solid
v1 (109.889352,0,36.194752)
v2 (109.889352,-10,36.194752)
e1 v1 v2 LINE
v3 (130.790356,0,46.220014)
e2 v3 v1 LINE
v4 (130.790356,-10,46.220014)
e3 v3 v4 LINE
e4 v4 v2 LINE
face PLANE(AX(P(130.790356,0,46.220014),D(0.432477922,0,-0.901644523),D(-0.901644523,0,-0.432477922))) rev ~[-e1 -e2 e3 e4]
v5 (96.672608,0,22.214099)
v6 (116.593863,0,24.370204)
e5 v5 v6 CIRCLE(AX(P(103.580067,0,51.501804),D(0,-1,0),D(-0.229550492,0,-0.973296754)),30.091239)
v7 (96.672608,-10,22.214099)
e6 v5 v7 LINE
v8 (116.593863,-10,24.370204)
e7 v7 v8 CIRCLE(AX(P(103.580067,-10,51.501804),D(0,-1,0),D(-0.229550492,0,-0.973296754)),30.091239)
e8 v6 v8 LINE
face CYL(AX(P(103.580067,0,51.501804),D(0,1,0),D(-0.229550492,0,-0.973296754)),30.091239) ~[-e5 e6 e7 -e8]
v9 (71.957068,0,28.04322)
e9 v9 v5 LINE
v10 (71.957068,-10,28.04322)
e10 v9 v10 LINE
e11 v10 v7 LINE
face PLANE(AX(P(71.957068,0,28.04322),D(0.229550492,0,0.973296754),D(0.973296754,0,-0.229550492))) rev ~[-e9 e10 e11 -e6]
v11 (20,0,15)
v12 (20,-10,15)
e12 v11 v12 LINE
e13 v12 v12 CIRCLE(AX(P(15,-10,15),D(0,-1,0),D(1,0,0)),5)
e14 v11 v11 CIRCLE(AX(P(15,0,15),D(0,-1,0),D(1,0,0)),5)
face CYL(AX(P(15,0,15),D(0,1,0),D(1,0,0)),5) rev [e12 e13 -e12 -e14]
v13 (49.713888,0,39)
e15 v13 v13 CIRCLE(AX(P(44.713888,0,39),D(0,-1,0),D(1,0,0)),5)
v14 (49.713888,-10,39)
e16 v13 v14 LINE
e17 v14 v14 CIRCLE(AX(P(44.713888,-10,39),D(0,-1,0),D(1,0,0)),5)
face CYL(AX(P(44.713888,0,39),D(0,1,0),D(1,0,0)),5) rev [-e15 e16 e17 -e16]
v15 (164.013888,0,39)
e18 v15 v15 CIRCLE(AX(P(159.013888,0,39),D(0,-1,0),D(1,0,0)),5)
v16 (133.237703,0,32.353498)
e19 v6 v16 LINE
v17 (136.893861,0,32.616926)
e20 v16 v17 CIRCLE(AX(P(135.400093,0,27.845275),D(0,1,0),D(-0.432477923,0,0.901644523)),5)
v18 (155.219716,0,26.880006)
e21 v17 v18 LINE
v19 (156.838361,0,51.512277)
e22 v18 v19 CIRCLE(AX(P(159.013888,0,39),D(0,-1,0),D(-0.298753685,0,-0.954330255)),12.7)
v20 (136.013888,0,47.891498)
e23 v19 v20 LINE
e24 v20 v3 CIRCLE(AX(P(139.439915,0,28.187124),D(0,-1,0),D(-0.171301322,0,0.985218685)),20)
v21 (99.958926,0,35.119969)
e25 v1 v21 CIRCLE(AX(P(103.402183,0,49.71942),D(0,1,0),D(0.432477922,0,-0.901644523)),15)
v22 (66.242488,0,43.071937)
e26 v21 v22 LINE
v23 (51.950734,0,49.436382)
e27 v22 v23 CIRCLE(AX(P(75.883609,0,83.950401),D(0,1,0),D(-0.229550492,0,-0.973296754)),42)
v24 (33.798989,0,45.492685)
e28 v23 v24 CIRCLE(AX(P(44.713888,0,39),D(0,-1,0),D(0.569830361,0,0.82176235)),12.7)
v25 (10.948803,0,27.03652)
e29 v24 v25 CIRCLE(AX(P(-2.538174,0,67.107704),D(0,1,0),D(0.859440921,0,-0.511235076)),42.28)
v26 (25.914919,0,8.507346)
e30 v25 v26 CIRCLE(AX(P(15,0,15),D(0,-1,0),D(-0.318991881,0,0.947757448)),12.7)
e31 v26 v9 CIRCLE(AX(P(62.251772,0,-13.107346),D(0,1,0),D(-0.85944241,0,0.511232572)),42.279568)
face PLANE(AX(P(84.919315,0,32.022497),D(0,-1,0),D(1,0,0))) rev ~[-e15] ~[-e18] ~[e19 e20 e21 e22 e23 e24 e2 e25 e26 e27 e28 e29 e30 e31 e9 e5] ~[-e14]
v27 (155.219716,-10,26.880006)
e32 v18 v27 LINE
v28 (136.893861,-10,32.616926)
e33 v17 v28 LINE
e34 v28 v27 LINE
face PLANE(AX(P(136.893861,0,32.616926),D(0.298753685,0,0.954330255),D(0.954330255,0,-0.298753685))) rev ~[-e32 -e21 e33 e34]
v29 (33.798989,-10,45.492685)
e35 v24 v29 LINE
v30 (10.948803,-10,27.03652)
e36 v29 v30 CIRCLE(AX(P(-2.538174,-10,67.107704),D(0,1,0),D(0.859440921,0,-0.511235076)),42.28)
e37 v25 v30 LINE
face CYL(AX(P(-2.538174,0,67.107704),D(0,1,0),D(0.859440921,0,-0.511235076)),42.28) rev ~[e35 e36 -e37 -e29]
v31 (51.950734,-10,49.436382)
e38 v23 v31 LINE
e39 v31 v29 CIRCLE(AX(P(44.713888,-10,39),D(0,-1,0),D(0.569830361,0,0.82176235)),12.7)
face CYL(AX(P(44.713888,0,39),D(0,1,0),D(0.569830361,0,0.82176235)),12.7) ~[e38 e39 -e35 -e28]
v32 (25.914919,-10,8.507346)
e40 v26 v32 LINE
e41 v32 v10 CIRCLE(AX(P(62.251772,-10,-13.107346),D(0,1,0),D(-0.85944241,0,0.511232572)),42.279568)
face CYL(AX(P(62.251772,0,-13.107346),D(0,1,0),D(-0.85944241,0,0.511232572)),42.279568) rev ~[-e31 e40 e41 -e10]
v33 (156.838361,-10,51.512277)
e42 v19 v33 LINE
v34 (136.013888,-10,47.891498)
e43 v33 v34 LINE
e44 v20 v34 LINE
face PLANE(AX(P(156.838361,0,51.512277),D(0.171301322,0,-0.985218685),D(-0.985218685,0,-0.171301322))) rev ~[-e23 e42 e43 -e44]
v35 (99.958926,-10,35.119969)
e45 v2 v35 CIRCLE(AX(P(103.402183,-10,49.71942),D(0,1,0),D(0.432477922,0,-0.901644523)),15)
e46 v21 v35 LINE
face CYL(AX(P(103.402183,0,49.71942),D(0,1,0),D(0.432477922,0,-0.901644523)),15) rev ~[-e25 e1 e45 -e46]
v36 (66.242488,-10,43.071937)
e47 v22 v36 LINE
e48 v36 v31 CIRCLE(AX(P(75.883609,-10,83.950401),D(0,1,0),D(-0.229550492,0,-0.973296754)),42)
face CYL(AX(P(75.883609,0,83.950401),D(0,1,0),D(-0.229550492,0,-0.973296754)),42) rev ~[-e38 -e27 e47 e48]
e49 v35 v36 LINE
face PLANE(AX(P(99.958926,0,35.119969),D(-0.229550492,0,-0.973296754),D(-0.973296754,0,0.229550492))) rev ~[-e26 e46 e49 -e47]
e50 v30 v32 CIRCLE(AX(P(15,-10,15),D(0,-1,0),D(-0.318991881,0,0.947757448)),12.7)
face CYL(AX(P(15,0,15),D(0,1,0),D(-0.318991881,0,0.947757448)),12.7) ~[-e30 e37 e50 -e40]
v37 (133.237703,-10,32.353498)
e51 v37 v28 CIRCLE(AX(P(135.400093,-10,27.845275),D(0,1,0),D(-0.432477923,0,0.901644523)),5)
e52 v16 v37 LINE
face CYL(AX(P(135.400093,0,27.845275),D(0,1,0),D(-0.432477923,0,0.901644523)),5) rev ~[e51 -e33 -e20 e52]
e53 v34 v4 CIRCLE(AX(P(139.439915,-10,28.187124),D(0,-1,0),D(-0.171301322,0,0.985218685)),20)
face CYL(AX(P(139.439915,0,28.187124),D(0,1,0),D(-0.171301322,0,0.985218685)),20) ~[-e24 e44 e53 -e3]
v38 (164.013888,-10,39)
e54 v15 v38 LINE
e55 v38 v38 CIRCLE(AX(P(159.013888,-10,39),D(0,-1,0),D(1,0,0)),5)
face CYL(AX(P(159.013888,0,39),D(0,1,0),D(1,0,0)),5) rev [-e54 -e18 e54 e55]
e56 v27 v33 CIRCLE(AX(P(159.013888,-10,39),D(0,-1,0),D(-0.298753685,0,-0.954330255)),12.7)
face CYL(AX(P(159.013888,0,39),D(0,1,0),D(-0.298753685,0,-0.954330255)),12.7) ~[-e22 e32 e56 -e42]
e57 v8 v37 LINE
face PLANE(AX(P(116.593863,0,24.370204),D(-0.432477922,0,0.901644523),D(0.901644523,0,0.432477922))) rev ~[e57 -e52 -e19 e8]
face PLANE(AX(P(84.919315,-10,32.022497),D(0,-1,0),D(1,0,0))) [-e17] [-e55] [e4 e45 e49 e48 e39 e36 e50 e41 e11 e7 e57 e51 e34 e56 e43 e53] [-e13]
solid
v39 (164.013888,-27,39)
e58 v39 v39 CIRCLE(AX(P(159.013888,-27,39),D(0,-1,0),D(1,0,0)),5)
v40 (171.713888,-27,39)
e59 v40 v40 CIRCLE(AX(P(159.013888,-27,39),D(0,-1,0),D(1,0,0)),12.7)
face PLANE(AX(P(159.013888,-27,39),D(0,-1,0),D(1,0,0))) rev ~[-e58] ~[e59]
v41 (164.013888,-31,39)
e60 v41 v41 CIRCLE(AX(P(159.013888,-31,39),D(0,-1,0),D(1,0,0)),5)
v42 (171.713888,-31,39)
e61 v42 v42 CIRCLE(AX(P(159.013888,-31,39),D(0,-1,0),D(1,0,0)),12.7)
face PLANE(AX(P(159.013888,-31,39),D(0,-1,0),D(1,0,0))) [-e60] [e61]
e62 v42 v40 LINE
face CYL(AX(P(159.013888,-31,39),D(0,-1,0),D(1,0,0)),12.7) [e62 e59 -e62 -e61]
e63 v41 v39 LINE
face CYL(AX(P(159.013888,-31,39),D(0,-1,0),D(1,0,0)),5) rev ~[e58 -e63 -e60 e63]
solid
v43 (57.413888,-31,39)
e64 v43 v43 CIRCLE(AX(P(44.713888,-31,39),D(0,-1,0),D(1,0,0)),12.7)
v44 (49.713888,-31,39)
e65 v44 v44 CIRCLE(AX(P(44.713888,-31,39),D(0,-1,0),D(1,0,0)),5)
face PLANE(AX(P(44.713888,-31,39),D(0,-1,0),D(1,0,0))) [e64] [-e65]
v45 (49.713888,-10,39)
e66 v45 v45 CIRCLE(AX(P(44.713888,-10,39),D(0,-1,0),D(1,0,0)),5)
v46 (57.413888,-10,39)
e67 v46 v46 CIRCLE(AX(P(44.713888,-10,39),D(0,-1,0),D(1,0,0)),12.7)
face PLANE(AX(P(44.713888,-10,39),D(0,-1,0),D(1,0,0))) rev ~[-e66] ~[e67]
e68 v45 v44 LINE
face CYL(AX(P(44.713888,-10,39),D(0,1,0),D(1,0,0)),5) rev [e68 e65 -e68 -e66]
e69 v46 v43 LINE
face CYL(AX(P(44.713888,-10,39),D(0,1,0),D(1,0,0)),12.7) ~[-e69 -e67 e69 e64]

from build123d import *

# Parameters (mm, degrees)
F0_R     = 5
F3_DEPTH = 10
F2_R     = 12.7
F2_R_2   = 5
F4_DEPTH = 21
F6_R     = 12.7
F6_R_2   = 5
F7_DEPTH = 4


with BuildPart() as f3:
    # F0 (on Front) → F3 (new body)
    with BuildSketch(Plane.XZ):
        with BuildLine():
            Line((136.8938610891, 32.6169262603), (155.2197164243, 26.8800057594))
            ThreePointArc((155.2197164243, 26.8800057594), (171.6865566669, 38.1672488884), (156.838361431, 51.5122772985))
            Line((156.838361431, 51.5122772985), (136.0138882192, 47.8914976242))
            ThreePointArc((136.0138882192, 47.8914976242), (133.3445556323, 47.2356566345), (130.7903562075, 46.2200143936))
            Line((130.7903562075, 46.2200143936), (109.889352132, 36.1947521246))
            ThreePointArc((109.889352132, 36.1947521246), (105.0162276309, 34.806510773), (99.958925919, 35.1199686623))
            Line((99.958925919, 35.1199686623), (66.2424883289, 43.0719368512))
            ThreePointArc((66.2424883289, 43.0719368512), (58.7976545466, 45.5828340028), (51.9507338074, 49.436381841))
            ThreePointArc((51.9507338074, 49.436381841), (42.0175563053, 51.4104711518), (33.7989885192, 45.4926854644))
            ThreePointArc((33.7989885192, 45.4926854644), (24.0281343313, 34.2165250918), (10.948803108, 27.0365195859))
            ThreePointArc((10.948803108, 27.0365195859), (5.1202108146, 7.0200397462), (25.914918613, 8.5073463305))
            ThreePointArc((25.914918613, 8.5073463305), (45.7374582991, 25.813590453), (71.9570676896, 28.043220163))
            Line((71.9570676896, 28.043220163), (96.6726081531, 22.214099248))
            ThreePointArc((96.6726081531, 22.214099248), (106.8179730144, 21.5852768369), (116.5938631817, 24.3702036278))
            Line((116.5938631817, 24.3702036278), (133.2377030535, 32.3534976015))
            ThreePointArc((133.2377030535, 32.3534976015), (135.0407707514, 32.8323470476), (136.8938610891, 32.6169262603))
        make_face()
        with Locations((15, 15)):
            Circle(F0_R, mode=Mode.SUBTRACT)
        with Locations((44.7138882192, 39)):
            Circle(F0_R, mode=Mode.SUBTRACT)
        with Locations((159.0138882192, 39)):
            Circle(F0_R, mode=Mode.SUBTRACT)
    extrude(amount=F3_DEPTH)


with BuildPart() as f4:
    # F2 (on offset) → F4 (new body)
    with BuildSketch(Plane.XZ.offset(10)):
        with Locations((44.7138882192, 39)):
            Circle(F2_R)
        with Locations((44.7138882192, 39)):
            Circle(F2_R_2, mode=Mode.SUBTRACT)
    extrude(amount=F4_DEPTH)


with BuildPart() as f7:
    # F6 (on offset) → F7 (new body)
    with BuildSketch(Plane.XZ.offset(31)):
        with Locations((159.0138882192, 39)):
            Circle(F6_R)
        with Locations((159.0138882192, 39)):
            Circle(F6_R_2, mode=Mode.SUBTRACT)
    extrude(amount=-F7_DEPTH)


solid = Compound([f3.part, f4.part, f7.part])
